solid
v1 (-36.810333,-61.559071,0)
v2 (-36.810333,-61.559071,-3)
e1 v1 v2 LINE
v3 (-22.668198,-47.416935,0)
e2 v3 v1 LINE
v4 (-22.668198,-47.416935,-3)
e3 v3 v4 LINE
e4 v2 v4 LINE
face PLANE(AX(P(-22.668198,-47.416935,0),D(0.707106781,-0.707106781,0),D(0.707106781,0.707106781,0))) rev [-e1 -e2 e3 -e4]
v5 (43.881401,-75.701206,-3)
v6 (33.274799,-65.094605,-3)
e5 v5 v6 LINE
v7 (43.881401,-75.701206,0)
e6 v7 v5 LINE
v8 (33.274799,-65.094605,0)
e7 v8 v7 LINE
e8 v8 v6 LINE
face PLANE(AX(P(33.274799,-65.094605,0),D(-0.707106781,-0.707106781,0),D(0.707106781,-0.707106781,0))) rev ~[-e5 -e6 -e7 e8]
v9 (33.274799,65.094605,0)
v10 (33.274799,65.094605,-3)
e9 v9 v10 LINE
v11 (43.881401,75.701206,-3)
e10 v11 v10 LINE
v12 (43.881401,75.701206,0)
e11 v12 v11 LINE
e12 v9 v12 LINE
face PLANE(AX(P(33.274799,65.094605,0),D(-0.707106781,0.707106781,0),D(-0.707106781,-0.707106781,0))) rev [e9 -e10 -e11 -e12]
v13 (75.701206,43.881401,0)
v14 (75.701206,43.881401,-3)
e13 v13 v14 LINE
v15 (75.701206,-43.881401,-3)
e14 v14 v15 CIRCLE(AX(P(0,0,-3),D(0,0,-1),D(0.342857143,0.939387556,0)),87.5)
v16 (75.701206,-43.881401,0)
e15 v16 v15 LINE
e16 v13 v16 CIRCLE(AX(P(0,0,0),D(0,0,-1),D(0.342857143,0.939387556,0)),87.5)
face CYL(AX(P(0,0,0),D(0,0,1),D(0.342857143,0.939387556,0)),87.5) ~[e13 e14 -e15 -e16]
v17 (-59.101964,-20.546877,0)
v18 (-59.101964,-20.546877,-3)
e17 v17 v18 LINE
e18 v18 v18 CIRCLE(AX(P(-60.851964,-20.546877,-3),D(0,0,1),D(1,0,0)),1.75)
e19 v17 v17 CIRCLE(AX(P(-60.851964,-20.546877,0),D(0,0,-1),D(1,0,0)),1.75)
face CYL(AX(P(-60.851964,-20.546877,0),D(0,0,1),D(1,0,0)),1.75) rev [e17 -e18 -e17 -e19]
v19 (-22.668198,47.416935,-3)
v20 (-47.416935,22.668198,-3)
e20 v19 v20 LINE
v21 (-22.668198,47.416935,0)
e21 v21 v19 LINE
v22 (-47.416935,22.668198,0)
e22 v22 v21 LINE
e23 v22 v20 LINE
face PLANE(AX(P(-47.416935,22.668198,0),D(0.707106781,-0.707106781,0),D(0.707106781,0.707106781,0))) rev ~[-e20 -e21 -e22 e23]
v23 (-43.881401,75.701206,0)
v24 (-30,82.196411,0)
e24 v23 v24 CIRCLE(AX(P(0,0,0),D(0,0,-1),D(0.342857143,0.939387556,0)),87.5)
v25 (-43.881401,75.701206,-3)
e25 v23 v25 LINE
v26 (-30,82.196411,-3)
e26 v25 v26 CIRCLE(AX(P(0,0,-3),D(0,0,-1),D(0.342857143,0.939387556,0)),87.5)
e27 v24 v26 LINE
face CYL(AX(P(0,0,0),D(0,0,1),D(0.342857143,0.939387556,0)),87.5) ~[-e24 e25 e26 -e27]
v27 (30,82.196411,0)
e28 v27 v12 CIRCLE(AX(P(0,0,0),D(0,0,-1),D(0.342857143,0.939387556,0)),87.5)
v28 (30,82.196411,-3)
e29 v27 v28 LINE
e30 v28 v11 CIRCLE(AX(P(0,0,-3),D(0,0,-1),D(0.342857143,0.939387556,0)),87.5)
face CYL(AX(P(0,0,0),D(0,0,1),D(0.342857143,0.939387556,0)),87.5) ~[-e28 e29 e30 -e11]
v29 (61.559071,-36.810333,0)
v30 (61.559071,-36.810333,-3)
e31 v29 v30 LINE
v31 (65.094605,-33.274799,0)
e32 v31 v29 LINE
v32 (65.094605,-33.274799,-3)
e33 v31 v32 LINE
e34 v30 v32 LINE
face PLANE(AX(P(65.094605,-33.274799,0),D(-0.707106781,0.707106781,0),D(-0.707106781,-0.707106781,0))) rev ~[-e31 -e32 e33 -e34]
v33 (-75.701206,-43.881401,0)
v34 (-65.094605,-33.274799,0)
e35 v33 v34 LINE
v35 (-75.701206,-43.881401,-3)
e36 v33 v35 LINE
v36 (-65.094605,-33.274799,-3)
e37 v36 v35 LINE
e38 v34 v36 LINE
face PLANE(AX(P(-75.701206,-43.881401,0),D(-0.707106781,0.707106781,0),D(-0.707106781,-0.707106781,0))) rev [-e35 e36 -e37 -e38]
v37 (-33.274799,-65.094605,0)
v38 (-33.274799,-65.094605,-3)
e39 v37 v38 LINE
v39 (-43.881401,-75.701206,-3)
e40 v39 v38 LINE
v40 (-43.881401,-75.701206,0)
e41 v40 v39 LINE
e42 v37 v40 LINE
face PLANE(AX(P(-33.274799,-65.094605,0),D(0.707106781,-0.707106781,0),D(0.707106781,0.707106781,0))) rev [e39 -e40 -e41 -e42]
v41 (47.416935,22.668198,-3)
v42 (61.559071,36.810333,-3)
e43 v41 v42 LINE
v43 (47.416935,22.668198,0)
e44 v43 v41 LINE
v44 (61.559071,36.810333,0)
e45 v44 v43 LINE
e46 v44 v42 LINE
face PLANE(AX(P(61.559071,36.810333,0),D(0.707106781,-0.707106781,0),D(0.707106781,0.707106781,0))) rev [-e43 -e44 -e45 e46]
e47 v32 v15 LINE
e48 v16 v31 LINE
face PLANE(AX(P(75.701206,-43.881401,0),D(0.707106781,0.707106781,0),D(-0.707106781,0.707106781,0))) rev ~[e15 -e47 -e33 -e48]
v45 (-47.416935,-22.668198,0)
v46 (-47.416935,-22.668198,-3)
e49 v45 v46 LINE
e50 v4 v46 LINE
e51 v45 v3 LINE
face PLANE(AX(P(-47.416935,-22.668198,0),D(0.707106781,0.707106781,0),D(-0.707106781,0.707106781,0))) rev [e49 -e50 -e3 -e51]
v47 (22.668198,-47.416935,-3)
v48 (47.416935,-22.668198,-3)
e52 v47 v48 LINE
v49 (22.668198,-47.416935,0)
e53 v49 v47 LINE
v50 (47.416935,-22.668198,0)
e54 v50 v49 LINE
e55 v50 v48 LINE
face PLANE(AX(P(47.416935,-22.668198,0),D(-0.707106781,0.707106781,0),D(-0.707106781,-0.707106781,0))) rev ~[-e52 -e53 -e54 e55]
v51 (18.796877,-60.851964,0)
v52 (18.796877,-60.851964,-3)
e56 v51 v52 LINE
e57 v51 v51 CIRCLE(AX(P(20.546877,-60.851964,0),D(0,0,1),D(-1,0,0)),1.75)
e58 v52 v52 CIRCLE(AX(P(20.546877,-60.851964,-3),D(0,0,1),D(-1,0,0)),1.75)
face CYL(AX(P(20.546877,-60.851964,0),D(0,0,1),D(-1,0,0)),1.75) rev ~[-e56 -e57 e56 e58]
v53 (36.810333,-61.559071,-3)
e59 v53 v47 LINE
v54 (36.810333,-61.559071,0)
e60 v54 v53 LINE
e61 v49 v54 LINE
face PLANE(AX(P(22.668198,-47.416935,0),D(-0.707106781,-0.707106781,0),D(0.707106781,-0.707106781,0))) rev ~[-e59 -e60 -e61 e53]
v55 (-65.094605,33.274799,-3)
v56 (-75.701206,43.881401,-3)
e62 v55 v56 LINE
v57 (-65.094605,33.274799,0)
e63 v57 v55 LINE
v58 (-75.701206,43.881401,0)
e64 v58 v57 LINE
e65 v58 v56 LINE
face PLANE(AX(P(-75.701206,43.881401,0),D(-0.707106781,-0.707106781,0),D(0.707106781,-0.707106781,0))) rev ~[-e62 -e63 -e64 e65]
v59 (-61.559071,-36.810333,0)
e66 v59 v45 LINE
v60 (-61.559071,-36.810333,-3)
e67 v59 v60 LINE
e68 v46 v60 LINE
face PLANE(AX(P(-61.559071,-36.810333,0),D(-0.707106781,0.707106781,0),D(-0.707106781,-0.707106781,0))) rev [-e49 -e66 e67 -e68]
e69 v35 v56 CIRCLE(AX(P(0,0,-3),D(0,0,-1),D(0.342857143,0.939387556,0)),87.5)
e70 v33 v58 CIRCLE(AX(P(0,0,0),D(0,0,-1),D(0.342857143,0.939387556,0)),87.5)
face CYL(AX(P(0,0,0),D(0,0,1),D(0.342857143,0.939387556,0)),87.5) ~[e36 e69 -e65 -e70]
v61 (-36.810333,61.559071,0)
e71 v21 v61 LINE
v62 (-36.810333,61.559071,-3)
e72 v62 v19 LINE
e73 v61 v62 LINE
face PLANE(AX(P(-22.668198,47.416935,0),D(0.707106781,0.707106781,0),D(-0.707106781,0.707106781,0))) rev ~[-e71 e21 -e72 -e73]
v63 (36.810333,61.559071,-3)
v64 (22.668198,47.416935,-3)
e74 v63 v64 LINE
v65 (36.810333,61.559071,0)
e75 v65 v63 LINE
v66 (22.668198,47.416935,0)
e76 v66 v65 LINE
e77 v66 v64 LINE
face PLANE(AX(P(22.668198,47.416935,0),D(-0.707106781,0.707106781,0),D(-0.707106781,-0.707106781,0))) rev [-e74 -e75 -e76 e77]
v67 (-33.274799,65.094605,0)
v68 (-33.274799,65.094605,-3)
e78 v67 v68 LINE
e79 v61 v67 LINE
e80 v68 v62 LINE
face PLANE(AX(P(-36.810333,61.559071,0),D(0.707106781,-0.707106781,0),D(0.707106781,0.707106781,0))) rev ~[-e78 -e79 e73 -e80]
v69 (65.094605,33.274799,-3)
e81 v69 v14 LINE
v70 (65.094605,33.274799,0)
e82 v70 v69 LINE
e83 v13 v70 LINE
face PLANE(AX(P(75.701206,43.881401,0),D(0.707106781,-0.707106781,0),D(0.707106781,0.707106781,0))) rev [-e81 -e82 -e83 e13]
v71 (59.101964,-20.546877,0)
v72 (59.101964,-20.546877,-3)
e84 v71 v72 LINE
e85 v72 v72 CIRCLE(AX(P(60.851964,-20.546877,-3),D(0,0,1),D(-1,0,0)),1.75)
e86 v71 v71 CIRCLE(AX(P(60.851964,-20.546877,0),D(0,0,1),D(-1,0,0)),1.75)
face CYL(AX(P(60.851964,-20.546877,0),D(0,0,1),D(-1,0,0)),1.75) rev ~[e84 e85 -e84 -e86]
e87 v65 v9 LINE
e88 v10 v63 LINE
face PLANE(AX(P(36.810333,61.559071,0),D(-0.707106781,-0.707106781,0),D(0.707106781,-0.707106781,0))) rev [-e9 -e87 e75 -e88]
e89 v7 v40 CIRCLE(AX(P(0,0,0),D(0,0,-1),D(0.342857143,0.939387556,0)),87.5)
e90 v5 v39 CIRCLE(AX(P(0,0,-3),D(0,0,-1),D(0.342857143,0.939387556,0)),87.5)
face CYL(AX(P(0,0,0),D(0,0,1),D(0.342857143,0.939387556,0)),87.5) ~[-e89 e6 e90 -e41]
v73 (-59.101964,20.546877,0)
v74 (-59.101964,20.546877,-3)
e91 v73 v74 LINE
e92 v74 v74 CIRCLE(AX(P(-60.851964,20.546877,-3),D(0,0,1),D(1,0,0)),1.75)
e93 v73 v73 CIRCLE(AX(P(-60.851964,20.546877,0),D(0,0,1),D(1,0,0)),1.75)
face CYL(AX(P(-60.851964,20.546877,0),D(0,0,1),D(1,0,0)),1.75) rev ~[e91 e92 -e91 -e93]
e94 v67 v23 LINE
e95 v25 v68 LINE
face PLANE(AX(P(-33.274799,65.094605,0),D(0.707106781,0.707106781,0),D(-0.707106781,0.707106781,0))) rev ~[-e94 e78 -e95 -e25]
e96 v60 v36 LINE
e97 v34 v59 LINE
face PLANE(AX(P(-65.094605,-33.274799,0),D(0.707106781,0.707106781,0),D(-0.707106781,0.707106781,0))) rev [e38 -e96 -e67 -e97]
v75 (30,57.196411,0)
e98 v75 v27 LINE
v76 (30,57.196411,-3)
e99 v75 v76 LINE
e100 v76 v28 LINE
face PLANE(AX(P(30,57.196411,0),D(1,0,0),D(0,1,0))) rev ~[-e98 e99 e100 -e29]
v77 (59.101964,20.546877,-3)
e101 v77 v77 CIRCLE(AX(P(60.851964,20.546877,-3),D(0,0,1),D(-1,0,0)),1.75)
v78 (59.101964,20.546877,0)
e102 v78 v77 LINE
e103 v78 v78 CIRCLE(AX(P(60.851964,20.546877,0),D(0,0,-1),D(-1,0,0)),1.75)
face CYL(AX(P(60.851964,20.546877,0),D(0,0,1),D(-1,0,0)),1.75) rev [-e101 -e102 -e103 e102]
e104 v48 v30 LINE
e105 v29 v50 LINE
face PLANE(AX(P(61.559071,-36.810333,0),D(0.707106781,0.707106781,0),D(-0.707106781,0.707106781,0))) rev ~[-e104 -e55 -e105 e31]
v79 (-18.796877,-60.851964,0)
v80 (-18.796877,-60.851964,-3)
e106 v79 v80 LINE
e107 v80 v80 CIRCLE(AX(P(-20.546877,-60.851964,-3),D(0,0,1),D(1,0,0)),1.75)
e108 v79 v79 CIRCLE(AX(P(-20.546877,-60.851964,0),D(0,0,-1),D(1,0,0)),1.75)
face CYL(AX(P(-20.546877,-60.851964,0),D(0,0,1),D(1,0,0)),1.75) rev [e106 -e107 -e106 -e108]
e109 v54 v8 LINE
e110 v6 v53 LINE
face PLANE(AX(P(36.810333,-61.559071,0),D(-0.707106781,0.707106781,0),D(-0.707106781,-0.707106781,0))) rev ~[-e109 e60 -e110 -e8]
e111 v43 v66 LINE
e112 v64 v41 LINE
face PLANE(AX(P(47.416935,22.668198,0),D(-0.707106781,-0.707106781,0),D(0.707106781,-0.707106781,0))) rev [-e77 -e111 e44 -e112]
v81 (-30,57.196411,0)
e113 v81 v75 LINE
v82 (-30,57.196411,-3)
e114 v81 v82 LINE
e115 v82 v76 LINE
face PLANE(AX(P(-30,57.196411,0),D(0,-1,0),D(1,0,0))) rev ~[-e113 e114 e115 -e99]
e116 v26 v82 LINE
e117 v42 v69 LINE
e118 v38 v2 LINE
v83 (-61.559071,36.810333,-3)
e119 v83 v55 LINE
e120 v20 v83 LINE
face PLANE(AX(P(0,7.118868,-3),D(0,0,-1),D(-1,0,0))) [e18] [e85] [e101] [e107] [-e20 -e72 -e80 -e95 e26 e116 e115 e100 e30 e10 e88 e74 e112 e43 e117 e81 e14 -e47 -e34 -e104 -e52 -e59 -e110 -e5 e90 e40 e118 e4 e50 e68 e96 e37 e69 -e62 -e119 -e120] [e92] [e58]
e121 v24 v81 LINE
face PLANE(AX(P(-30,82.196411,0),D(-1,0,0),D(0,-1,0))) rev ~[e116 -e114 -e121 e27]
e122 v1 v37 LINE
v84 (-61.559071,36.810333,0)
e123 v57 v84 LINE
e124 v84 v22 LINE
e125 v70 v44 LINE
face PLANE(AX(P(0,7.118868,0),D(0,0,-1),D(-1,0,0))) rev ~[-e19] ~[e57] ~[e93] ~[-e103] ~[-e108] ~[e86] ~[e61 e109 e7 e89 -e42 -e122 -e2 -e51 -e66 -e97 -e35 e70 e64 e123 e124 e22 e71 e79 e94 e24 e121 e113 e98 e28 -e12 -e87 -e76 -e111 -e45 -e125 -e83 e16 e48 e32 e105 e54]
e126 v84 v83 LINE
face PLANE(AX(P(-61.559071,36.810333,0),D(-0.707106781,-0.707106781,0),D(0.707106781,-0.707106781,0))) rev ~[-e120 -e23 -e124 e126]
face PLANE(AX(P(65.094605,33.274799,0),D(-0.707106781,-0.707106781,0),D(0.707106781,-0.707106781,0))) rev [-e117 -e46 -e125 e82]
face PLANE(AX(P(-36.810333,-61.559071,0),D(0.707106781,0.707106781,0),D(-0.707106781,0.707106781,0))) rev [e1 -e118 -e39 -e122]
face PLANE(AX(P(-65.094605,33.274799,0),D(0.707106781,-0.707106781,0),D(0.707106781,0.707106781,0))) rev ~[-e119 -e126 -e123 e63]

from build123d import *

# Parameters (mm, degrees)
BOSS_EXTRUDE1_DEPTH                        = 3
SKETCH3_R                                  = 1.75
CUT_EXTRUDE1_DEPTH                         = 124.780046857
MIRROR1_AT_THE_SECOND_PLANE_COPY_1_SKETC_R = 1.75
MIRROR1_AT_THE_SECOND_PLANE_COPY_1_DEPTH   = 124.780046857


with BuildPart() as part:
    # Sketch1 → Boss-Extrude1 (new body)
    with BuildSketch(Plane.XY):
        with BuildLine():
            Line((-30, 57.196411114), (30, 57.196411114))
            Line((30, 57.196411114), (30, 82.196411114))
            ThreePointArc((30, 82.196411114), (0, -87.5), (-30, 82.196411114))
            Line((-30, 82.196411114), (-30, 57.196411114))
        make_face()
    extrude(amount=-BOSS_EXTRUDE1_DEPTH)

    # Sketch3 → Cut-Extrude1 (cut, through all)
    with BuildSketch(Plane.XY):
        with BuildLine():
            Line((-61.559070668, 36.810333327), (-47.416935045, 22.668197703))
            Line((-47.416935045, 22.668197703), (-22.668197703, 47.416935045))
            Line((-22.668197703, 47.416935045), (-36.810333327, 61.559070668))
            Line((-36.810333327, 61.559070668), (-33.274799421, 65.094604574))
            Line((-33.274799421, 65.094604574), (-43.881401139, 75.701206292))
            ThreePointArc((-43.881401139, 75.701206292), (-61.871843354, 61.871843354), (-75.701206292, 43.881401139))
            Line((-75.701206292, 43.881401139), (-65.094604574, 33.274799421))
            Line((-65.094604574, 33.274799421), (-61.559070668, 36.810333327))
        make_face()
        with Locations((-60.851963887, 20.54687736)):
            Circle(SKETCH3_R)
        with Locations((-20.54687736, 60.851963887)):
            Circle(SKETCH3_R)
    cut_extrude1 = extrude(amount=-CUT_EXTRUDE1_DEPTH, mode=Mode.SUBTRACT)

    # Mirror1: Cut-Extrude1 across plane
    add(cut_extrude1.mirror(Plane(origin=(0, 0, 0), x_dir=(0, 0, 1), z_dir=(1, 0, 0))), mode=Mode.SUBTRACT)

    # Mirror1 at the second plane: Cut-Extrude1 across plane
    add(cut_extrude1.mirror(Plane.ZX), mode=Mode.SUBTRACT)

    # Mirror1 at the second plane copy 1 sketc → Mirror1 at the second plane copy 1 (cut, through all)
    with BuildSketch(Plane(origin=(0, 0, 0), x_dir=(-1, 0, 0), z_dir=(0, 0, 1))):
        with BuildLine():
            Line((-61.559070668, 36.810333327), (-47.416935045, 22.668197703))
            Line((-47.416935045, 22.668197703), (-22.668197703, 47.416935045))
            Line((-22.668197703, 47.416935045), (-36.810333327, 61.559070668))
            Line((-36.810333327, 61.559070668), (-33.274799421, 65.094604574))
            Line((-33.274799421, 65.094604574), (-43.881401139, 75.701206292))
            ThreePointArc((-43.881401139, 75.701206292), (-61.871843354, 61.871843354), (-75.701206292, 43.881401139))
            Line((-75.701206292, 43.881401139), (-65.094604574, 33.274799421))
            Line((-65.094604574, 33.274799421), (-61.559070668, 36.810333327))
        make_face()
        with Locations((-60.851963887, 20.54687736)):
            Circle(MIRROR1_AT_THE_SECOND_PLANE_COPY_1_SKETC_R)
        with Locations((-20.54687736, 60.851963887)):
            Circle(MIRROR1_AT_THE_SECOND_PLANE_COPY_1_SKETC_R)
    extrude(amount=-MIRROR1_AT_THE_SECOND_PLANE_COPY_1_DEPTH, mode=Mode.SUBTRACT)


solid = part.part
